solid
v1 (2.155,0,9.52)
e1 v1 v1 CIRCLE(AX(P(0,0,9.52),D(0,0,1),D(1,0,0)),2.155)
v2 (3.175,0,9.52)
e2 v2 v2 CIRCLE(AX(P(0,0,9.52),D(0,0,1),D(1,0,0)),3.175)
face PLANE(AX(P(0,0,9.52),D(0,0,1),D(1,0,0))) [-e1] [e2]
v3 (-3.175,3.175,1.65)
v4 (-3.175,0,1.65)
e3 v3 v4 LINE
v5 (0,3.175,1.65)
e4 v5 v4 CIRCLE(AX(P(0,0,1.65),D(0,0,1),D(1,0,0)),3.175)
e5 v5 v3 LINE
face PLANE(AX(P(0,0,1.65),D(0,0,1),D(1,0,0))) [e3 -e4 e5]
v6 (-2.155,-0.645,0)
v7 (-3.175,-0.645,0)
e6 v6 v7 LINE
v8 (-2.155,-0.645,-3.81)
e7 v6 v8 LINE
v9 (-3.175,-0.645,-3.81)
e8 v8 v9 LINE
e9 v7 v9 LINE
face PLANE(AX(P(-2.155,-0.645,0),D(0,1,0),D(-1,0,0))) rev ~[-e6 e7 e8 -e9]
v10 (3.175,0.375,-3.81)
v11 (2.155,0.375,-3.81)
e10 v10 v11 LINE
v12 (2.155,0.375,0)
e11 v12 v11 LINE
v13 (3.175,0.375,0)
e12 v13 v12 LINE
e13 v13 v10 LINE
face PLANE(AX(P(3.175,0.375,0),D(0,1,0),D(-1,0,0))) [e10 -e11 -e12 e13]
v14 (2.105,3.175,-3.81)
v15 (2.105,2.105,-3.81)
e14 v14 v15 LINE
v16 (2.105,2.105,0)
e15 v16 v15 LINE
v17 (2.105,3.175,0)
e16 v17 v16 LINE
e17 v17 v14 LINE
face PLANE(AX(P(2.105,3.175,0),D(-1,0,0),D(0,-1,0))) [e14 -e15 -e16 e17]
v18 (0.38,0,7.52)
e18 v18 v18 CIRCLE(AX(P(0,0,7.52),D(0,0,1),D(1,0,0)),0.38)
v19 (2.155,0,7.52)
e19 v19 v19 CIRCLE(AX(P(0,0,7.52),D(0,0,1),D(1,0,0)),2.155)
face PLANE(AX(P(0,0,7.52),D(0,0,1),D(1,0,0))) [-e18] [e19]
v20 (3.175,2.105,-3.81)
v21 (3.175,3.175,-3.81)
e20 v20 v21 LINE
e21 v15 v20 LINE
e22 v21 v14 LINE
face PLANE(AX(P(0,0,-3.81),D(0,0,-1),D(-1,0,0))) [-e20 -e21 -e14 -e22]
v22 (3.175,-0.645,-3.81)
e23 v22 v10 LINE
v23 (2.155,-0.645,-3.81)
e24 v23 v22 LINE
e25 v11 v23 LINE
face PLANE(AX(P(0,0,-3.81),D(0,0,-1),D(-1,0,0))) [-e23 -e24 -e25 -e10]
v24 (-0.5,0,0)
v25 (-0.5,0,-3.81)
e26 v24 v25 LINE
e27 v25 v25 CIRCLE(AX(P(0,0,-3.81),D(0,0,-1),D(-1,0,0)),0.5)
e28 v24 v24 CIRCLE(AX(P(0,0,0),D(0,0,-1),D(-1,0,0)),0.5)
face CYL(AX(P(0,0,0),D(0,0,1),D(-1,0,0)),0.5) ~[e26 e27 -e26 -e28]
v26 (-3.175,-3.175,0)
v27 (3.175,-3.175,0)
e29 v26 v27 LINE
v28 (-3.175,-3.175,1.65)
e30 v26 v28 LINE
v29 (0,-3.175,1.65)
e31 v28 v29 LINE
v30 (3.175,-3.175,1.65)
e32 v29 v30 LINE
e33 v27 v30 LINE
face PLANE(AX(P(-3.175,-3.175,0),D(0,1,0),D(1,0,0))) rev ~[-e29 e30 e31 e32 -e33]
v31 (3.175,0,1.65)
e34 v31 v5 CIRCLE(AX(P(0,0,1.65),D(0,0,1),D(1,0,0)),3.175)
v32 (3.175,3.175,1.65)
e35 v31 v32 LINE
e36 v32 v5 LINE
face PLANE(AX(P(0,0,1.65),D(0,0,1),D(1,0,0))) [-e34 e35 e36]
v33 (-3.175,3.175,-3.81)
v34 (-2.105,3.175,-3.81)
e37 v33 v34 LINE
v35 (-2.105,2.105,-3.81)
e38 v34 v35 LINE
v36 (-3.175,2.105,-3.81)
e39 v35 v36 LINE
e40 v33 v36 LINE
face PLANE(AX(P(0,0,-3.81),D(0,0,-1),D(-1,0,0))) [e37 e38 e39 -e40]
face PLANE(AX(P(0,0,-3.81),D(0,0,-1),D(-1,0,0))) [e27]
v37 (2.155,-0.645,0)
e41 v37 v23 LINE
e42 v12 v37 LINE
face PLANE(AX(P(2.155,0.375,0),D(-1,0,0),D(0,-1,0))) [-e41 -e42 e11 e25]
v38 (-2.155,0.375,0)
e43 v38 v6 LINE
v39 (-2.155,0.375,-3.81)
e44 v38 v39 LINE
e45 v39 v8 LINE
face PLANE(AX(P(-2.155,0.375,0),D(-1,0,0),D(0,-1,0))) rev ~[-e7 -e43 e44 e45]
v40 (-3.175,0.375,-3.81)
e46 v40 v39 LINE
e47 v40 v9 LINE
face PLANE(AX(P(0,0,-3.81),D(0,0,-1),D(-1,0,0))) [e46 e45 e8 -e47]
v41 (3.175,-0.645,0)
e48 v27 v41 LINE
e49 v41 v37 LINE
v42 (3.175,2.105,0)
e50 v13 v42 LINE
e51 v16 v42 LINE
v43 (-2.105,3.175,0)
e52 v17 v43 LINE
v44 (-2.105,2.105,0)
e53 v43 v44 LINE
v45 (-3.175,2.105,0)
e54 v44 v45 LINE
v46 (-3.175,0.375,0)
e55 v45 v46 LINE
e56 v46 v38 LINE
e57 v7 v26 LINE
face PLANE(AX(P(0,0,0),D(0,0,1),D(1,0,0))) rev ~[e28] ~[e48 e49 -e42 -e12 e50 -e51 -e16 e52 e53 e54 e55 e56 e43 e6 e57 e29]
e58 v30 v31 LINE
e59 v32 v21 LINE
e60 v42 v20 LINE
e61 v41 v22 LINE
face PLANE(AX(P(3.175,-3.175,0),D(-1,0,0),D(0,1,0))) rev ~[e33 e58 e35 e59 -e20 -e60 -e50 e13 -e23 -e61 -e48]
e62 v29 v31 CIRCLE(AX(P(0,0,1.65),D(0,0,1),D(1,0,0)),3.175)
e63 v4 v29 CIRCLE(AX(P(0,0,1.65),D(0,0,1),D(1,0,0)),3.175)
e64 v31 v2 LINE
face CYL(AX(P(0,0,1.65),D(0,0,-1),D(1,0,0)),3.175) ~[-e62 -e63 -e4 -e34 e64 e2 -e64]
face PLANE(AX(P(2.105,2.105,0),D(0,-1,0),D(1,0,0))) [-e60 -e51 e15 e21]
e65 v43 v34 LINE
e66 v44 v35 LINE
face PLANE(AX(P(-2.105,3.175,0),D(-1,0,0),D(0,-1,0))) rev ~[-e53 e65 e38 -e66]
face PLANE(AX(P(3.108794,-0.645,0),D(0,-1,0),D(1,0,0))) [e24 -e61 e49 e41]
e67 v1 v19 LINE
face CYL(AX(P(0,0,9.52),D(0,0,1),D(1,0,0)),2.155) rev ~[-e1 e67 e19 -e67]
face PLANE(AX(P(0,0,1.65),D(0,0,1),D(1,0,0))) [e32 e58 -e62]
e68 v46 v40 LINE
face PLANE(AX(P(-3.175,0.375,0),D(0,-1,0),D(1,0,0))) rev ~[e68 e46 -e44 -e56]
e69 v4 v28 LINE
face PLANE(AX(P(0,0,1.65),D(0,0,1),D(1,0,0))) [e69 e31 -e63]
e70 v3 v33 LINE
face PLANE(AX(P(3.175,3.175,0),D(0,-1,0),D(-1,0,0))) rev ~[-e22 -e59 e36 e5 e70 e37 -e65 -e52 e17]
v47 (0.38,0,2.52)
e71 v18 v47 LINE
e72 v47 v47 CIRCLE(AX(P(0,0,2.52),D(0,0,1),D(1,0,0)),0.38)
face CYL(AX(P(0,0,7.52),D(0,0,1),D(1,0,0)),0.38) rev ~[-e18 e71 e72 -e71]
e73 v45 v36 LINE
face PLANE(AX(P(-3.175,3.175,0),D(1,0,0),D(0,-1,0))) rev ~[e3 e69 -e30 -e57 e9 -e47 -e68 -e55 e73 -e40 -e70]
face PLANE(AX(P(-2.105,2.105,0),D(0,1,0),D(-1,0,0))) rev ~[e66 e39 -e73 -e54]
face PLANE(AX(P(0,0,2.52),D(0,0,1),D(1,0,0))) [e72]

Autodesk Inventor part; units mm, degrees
ref_plane "YZ Plane" through (0, 0, 0) normal (1, 0, 0) x (0, 1, 0)
ref_plane "XZ Plane" through (0, 0, 0) normal (0, 1, 0) x (-1, 0, 0)
ref_plane "XY Plane" through (0, 0, 0) normal (0, 0, 1) x (1, 0, 0)
sketch "Skizze1" plane through (0, 0, 0) normal (0, 0, 1) x (1, 0, 0)
  line L0 (-3.175, -3.175) -> (3.175, -3.175)
  line L1 (3.175, -3.175) -> (3.175, 3.175)
  line L2 (3.175, 3.175) -> (-3.175, 3.175)
  line L3 (-3.175, 3.175) -> (-3.175, -3.175)
  line L4 (-3.175, -3.175) -> (3.175, 3.175) construction
  line L5 (3.175, -3.175) -> (-3.175, 3.175) construction
  point P0 (0, 0)
  dimension "d0" = 6.35
  dimension "d1" = 6.35
extrude "Extrusion1" add sketch "Skizze1" along normal blind 1.65
sketch "Skizze2" plane through (0, 0, 1.65) normal (0, 0, 1) x (1, 0, 0)
  circle A0 centre (0, 0) radius 3.175
  dimension "d4" = 6.35
extrude "Extrusion2" add sketch "Skizze2" along normal blind 7.87
sketch "Skizze3" plane through (0, 0, 9.52) normal (0, 0, 1) x (1, 0, 0)
  circle A0 centre (0, 0) radius 2.155
  dimension "d7" = 4.31
extrude "Extrusion3" cut sketch "Skizze3" against normal blind 2
sketch "Skizze4" plane through (0, 0, 7.52) normal (0, 0, 1) x (1, 0, 0)
  circle A0 centre (0, 0) radius 0.38
  dimension "d10" = 0.76
extrude "Extrusion4" cut sketch "Skizze4" against normal blind 5
thread "Gewinde1" size "1/4-36 UNS" class "2A" standard "ANSI Unified Screw Threads" length 4 offset 3
sketch "Skizze5" plane through (0, 0, 0) normal (0, 0, -1) x (-1, 0, 0)
  circle A0 centre (0, 0) radius 0.5
  dimension "d15" = 1
extrude "Extrusion5" add sketch "Skizze5" along normal blind 3.81
sketch "Skizze6" plane through (0, 0, 0) normal (0, 0, -1) x (-1, 0, 0)
  line L0 (0, -4.445) -> (0, 4.445) projected
  line L1 (3.175, 3.175) -> (3.175, 0) projected
  arc A0 (-3.175, 0) -> (0, -3.175) centre (0, 0) ccw projected
  line L2 (3.175, 3.175) -> (2.105, 3.175)
  line L3 (2.105, 3.175) -> (2.105, 2.105)
  line L4 (2.105, 2.105) -> (3.175, 2.105)
  line L5 (3.175, 2.105) -> (3.175, 3.175)
  line L6 (-3.175, 3.175) -> (-2.105, 3.175)
  line L7 (-2.105, 3.175) -> (-2.105, 2.105)
  line L8 (-2.105, 2.105) -> (-3.175, 2.105)
  line L9 (-3.175, 2.105) -> (-3.175, 3.175)
  line L10 (-3.175, 3.175) -> (3.175, 3.175) projected
  line L11 (3.175, 0.375) -> (2.155, 0.375)
  line L12 (2.155, 0.375) -> (2.155, -0.645)
  line L13 (2.155, -0.645) -> (3.175, -0.645)
  line L14 (3.175, -0.645) -> (3.175, 0.375)
  line L15 (-3.175, -3.175) -> (-3.175, 3.175) projected
  line L16 (-3.175, 0.375) -> (-2.155, 0.375)
  line L17 (-2.155, 0.375) -> (-2.155, -0.645)
  line L18 (-2.155, -0.645) -> (-3.175, -0.645)
  line L19 (-3.175, -0.645) -> (-3.175, 0.375)
  dimension "d22" = 1.07
  dimension "d23" = 1.07
  dimension "d24" = 1.07
  dimension "d25" = 1.07
  dimension "d28" = 1.02
  dimension "d29" = 1.02
  dimension "d30" = 1.02
  dimension "d31" = 1.02
  dimension "d32" = 1.73
extrude "Extrusion6" add sketch "Skizze6" along normal blind 3.81 contours L1 L14 L13 L12 L11 | L2 L1 L4 L3 | L18 L15 A0 | A0 L15 L16 L17 L18 | L7 L8 L9 L6
properties part number "CON-SMA-EDGE-S" material "Messing, weicher Gelbton"
